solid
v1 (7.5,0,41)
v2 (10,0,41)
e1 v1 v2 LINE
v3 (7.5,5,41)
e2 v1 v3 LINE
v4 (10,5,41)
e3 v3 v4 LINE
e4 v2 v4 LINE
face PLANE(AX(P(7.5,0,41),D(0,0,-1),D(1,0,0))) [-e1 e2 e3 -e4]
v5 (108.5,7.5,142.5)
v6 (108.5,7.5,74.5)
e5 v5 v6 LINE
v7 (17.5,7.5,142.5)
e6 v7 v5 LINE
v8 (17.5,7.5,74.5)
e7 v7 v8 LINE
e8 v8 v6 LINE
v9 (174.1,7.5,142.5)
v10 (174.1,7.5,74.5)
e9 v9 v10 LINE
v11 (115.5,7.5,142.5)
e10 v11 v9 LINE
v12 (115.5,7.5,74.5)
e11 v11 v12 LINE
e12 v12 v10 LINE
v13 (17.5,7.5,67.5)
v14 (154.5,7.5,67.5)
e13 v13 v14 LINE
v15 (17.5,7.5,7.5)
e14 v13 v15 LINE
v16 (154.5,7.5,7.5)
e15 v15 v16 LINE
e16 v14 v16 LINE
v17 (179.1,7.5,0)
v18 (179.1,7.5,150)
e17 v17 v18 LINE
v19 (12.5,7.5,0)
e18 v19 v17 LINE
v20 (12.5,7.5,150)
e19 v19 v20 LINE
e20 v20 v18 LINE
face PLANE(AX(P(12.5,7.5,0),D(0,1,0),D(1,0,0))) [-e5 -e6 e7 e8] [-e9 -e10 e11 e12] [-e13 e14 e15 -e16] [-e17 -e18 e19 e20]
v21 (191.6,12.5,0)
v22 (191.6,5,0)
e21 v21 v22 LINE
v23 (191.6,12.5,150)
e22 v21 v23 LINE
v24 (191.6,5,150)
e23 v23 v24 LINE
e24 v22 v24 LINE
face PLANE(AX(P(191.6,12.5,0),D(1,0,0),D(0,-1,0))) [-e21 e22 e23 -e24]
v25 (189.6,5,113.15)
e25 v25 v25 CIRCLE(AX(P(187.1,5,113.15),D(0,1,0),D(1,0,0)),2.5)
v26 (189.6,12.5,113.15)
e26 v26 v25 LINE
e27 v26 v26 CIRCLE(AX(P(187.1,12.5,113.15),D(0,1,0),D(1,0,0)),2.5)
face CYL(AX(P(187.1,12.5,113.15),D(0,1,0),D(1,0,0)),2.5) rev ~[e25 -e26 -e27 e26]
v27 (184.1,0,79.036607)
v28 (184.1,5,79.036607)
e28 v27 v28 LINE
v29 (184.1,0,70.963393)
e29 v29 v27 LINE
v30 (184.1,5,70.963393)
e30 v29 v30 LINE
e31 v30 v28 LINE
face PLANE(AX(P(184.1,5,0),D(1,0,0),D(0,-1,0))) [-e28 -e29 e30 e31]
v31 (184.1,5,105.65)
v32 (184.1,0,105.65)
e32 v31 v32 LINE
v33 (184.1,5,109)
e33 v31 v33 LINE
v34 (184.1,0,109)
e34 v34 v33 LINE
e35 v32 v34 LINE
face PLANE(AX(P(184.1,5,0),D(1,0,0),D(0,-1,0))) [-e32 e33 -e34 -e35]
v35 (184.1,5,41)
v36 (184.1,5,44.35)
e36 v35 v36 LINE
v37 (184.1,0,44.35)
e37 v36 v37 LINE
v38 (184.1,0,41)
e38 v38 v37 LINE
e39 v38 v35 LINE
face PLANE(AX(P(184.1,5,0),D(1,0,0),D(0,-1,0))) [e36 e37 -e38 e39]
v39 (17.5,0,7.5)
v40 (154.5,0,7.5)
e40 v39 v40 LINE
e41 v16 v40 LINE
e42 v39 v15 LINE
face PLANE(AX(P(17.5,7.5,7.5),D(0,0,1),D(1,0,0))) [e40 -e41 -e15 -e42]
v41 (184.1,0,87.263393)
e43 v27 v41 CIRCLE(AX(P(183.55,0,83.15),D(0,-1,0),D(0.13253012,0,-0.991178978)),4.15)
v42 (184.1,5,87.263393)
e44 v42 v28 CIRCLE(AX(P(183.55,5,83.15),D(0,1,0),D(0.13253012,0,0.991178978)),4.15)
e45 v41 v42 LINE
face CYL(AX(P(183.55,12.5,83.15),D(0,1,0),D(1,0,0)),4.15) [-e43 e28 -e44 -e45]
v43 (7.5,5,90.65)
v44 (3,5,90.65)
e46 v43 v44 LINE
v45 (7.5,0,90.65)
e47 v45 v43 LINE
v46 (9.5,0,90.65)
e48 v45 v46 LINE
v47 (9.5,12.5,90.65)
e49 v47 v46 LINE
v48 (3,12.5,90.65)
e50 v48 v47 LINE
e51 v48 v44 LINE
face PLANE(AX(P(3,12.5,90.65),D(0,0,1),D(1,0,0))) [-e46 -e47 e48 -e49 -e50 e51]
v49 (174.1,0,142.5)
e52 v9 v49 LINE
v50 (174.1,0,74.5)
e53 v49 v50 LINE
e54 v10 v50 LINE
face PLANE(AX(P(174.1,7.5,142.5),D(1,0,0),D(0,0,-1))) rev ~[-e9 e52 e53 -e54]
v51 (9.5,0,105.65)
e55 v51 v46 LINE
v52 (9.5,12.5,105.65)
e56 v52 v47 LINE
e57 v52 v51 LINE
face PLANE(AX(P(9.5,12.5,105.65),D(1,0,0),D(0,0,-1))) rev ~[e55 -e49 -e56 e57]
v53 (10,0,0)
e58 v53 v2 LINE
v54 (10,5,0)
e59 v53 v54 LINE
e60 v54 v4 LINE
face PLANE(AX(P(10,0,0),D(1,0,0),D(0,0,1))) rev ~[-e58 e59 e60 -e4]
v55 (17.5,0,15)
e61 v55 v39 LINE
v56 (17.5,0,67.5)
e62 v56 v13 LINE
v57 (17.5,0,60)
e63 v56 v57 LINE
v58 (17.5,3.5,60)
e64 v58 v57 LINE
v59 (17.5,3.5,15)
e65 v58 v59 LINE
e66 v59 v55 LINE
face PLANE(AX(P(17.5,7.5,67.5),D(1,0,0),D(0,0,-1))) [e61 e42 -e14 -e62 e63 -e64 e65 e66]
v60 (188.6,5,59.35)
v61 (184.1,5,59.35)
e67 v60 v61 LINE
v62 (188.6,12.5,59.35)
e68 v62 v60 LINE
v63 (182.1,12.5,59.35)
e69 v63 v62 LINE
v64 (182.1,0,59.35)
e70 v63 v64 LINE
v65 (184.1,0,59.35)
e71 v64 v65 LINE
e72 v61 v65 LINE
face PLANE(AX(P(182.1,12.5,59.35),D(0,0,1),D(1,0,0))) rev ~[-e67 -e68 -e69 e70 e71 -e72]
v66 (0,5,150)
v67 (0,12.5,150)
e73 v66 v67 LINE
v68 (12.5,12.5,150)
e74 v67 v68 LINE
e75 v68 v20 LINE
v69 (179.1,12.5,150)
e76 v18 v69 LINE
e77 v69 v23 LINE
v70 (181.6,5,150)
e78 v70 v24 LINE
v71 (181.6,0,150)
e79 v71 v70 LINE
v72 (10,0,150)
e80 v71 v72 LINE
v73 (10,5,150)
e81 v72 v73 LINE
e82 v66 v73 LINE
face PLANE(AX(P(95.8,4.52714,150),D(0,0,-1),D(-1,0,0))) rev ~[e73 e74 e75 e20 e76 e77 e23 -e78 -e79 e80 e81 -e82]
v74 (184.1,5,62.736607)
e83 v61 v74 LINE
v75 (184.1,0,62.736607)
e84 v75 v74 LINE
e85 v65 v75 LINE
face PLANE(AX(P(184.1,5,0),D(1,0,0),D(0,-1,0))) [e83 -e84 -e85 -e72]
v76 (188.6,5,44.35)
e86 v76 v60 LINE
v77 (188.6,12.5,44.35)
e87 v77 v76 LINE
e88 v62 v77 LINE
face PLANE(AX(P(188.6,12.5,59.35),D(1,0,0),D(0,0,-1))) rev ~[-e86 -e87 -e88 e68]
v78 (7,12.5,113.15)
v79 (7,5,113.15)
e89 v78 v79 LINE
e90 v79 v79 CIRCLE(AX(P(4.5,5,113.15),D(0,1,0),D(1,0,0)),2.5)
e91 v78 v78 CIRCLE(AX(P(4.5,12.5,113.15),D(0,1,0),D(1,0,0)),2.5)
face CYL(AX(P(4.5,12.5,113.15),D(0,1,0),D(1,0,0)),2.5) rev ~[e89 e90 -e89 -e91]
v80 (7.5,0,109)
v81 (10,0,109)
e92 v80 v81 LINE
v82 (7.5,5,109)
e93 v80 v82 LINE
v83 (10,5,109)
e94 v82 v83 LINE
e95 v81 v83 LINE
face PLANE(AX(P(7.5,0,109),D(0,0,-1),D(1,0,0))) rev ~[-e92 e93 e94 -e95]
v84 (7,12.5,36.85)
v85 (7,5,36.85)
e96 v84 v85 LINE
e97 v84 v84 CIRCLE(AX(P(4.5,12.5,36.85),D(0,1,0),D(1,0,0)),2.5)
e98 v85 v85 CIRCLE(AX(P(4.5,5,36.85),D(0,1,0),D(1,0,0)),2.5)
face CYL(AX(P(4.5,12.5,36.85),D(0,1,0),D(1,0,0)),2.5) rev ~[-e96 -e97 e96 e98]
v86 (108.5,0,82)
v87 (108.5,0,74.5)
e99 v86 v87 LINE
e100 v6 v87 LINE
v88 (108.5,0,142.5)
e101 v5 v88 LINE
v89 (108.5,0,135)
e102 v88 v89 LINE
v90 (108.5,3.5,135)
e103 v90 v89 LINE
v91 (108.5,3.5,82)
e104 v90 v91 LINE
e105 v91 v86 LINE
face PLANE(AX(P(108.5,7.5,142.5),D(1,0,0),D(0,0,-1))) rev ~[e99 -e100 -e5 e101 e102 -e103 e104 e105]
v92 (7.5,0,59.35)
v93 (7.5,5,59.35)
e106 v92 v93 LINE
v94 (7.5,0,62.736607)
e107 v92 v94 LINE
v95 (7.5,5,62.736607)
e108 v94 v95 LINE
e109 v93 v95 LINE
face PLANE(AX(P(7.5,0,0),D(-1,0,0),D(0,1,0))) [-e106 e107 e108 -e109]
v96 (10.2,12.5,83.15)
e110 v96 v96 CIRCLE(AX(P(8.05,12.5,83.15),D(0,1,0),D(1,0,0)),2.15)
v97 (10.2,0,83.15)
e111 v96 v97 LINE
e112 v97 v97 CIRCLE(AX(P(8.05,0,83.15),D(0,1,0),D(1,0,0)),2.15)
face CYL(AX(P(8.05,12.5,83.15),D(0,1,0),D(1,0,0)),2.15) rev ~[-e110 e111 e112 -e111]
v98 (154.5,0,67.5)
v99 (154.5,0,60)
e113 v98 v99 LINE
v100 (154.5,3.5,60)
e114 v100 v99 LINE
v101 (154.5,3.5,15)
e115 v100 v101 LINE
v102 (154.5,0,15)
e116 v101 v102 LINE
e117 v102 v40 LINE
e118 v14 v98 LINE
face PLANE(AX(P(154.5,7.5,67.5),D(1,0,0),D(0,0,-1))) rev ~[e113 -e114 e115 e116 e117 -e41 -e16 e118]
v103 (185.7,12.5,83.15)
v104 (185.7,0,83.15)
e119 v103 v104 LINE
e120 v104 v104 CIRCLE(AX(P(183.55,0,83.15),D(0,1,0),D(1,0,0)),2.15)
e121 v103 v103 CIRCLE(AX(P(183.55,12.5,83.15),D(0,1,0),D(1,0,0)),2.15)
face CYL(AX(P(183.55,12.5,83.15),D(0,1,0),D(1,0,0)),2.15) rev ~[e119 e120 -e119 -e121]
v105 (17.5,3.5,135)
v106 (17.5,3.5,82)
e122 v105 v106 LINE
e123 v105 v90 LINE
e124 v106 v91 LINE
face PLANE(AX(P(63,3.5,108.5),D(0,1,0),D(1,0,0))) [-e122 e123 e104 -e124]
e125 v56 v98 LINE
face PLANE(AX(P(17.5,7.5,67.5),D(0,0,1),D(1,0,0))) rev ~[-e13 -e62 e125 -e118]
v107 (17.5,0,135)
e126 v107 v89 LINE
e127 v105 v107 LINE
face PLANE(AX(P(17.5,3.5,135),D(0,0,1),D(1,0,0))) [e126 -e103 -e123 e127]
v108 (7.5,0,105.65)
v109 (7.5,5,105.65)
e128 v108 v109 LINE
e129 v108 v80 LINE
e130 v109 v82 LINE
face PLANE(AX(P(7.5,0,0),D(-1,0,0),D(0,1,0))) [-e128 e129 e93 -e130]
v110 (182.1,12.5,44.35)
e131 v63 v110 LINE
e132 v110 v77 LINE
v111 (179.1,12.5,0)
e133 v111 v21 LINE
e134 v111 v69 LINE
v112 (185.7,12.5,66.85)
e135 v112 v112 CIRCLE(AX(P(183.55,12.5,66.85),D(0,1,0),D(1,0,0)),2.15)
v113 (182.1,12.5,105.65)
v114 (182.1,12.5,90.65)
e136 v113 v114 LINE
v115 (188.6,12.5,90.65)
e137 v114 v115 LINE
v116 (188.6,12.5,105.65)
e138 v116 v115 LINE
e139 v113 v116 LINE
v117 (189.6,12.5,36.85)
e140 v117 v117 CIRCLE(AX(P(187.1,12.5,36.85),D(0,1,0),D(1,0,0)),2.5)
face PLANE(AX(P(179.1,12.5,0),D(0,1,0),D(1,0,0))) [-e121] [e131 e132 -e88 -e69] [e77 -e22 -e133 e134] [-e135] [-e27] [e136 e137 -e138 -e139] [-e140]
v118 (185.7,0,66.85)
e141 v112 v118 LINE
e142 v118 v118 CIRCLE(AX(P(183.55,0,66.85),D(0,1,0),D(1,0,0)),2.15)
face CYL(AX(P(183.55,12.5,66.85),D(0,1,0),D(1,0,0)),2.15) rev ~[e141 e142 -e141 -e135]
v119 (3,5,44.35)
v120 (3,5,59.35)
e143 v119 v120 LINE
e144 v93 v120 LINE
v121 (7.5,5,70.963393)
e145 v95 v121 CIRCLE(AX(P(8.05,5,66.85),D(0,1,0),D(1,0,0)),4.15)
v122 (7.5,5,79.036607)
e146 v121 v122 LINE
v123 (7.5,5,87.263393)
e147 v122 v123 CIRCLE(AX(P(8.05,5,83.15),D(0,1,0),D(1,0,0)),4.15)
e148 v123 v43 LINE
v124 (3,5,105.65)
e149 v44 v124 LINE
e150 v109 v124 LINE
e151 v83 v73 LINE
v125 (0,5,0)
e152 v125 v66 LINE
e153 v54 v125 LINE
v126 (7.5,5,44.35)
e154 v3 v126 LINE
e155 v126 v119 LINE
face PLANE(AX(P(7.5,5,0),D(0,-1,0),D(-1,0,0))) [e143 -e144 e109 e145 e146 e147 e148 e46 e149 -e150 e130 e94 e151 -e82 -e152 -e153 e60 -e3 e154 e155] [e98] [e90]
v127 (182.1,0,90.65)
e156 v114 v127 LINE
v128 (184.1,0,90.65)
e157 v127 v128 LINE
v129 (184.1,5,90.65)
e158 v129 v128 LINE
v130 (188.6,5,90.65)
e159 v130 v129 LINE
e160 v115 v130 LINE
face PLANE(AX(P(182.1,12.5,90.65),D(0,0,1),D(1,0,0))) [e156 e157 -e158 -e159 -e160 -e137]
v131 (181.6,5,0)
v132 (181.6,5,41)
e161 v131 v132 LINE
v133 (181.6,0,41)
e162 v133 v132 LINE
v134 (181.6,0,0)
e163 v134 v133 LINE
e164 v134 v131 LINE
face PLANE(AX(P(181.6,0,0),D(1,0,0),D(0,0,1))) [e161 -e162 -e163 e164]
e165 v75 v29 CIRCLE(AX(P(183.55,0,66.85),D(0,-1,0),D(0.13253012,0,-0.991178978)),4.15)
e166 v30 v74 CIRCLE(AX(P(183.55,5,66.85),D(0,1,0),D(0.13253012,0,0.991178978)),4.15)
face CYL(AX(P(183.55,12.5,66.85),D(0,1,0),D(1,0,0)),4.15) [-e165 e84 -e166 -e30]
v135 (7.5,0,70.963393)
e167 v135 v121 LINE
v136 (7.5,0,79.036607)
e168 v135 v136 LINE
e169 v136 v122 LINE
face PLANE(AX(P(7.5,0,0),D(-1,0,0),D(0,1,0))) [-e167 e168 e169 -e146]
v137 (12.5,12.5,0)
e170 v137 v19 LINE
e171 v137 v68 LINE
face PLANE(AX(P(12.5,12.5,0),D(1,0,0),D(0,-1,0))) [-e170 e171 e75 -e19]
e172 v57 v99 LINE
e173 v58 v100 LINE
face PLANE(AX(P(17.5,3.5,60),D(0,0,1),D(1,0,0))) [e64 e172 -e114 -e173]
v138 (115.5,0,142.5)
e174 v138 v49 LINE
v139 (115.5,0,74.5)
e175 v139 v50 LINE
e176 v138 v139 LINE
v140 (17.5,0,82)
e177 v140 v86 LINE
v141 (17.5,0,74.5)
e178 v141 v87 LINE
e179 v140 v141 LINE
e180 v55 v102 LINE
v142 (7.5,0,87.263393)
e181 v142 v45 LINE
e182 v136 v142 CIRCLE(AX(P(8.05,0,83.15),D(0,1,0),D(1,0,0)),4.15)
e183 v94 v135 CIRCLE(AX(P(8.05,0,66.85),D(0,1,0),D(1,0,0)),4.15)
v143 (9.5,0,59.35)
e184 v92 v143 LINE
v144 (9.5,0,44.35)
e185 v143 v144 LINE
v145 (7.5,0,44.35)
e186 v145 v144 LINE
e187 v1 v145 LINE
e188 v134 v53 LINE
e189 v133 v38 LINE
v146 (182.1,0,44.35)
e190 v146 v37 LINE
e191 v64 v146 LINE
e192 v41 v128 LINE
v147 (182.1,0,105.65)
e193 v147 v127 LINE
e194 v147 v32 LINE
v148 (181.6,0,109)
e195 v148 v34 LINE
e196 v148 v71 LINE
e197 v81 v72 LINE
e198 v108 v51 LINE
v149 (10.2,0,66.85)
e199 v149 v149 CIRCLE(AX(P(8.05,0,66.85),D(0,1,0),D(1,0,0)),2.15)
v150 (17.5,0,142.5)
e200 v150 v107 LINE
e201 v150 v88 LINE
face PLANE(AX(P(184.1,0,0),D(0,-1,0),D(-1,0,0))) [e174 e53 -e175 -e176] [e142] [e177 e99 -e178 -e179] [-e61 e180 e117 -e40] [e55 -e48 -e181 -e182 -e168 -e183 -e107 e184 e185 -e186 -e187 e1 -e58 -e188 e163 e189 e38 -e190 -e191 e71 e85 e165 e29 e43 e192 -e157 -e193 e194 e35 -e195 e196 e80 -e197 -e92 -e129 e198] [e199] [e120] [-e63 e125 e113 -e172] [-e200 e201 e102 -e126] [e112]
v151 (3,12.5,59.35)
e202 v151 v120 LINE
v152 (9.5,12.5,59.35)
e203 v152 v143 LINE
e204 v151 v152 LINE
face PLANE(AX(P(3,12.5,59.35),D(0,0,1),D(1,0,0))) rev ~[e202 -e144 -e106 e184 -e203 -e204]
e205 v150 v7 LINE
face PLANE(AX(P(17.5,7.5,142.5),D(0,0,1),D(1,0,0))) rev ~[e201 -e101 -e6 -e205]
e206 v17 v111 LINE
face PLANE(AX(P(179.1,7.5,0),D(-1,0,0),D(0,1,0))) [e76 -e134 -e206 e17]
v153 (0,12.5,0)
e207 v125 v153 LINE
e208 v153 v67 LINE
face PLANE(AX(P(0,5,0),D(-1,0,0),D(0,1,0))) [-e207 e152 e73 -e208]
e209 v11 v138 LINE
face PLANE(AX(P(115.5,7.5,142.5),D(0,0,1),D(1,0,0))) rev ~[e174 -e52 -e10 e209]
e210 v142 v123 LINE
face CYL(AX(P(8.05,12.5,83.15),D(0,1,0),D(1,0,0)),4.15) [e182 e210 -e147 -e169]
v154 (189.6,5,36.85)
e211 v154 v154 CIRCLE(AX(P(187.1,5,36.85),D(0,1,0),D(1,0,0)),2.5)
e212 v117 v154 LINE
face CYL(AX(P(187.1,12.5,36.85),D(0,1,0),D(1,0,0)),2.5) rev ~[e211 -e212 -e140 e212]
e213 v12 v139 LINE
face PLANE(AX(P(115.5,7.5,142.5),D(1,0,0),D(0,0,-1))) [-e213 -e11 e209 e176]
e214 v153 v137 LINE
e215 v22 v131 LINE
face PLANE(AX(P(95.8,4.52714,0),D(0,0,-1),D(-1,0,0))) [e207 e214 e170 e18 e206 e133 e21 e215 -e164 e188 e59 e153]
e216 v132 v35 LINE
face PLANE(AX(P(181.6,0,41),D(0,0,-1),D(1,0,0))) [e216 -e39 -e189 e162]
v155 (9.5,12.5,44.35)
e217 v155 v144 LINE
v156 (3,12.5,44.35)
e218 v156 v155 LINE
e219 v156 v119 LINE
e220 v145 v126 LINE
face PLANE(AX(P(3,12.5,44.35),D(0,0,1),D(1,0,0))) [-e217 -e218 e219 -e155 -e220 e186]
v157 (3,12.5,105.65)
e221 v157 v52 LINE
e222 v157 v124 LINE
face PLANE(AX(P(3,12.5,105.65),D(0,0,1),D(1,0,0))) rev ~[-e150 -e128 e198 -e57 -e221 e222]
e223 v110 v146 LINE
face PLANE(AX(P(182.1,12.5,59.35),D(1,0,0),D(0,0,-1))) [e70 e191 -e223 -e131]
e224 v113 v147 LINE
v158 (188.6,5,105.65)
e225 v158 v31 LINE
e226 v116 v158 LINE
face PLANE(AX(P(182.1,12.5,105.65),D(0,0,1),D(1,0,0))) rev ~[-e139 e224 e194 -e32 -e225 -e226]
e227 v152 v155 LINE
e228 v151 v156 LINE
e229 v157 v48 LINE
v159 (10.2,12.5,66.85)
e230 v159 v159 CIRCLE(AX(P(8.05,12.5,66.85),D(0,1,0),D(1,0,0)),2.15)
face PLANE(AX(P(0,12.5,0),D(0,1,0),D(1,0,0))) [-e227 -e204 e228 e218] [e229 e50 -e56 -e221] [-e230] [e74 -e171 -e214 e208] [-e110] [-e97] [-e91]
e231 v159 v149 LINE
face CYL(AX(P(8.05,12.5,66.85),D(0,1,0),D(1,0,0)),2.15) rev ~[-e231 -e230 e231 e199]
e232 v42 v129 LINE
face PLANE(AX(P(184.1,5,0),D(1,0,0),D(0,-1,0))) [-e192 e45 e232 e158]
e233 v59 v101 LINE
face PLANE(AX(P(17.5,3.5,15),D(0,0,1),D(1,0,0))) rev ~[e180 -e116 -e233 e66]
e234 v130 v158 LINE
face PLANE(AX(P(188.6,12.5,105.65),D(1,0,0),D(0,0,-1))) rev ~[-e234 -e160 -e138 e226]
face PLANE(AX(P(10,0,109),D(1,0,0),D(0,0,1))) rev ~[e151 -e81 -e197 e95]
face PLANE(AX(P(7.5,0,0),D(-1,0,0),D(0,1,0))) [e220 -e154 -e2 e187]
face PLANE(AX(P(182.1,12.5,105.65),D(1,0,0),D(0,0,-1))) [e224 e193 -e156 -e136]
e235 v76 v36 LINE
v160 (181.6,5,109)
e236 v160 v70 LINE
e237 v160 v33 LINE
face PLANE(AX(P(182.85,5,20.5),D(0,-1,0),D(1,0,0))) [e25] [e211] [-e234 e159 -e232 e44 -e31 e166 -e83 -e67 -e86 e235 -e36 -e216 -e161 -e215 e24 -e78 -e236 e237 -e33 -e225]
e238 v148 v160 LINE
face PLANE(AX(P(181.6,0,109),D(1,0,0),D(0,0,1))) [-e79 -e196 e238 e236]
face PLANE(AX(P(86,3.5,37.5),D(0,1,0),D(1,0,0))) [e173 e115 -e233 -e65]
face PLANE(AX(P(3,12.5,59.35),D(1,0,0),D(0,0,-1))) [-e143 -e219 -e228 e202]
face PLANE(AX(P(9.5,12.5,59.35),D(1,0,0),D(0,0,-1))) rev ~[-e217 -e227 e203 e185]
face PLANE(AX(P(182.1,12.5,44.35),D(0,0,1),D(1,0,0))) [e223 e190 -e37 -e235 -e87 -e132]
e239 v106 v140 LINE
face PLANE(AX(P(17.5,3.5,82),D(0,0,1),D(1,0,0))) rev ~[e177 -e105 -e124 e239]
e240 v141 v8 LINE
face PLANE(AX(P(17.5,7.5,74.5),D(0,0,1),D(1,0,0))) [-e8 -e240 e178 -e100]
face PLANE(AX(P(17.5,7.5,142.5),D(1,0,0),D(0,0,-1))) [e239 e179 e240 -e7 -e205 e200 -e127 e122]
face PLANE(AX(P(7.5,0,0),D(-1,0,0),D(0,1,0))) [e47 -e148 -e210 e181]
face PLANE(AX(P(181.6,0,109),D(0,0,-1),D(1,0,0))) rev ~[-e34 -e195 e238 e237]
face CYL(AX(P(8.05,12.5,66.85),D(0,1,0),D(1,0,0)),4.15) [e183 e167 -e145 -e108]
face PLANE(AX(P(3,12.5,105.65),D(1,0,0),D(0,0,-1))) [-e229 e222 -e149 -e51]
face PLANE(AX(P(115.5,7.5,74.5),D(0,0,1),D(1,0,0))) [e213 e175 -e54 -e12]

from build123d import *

# Parameters (mm, degrees)
PLATEFRAME_DEPTH          = 150
SKETCH3_R                 = 2.5
HOLESUPPORT_DEPTH         = 13.5
SKETCH4_R                 = 4.15
SKETCH4_R_2               = 2.15
CYLINDRICALSUPPORTS_DEPTH = 12.5
SKETCH8_W                 = 137
SKETCH8_H                 = 60
SKETCH8_W_2               = 91
SKETCH8_H_2               = 68
ITEMLAYOUT_DEPTH          = 4
SKETCH9_W                 = 58.6
SKETCH9_H                 = 68
HOLECUTOUT_DEPTH          = 7.5
SKETCH10_W                = 91
SKETCH10_H                = 7.5
SKETCH10_W_2              = 137
VELCROCUT_DEPTH           = 3.5
SKETCH11_W                = 6.5
SKETCH11_H                = 15
CUTSHELLHOLES_DEPTH       = 12.5
SKETCH12_R                = 2.5
STANDOFFHOLES_DEPTH       = 13.5
SKETCH13_W                = 2.5
SKETCH13_H                = 41
CUTSTANDOFFROOM_DEPTH     = 5


with BuildPart() as part:
    # Sketch2 → PlateFrame (new body)
    with BuildSketch(Plane.XY):
        Polygon((179.1, 12.5), (191.6, 12.5), (191.6, 5), (184.1, 5), (184.1, 0), (7.5, 0), (7.5, 5), (0, 5), (0, 12.5), (12.5, 12.5), (12.5, 7.5), (179.1, 7.5), align=None)
    extrude(amount=PLATEFRAME_DEPTH)

    # Sketch3 → HoleSupport (cut, through all)
    with BuildSketch(Plane(origin=(0, 12.5, 0), x_dir=(1, 0, 0), z_dir=(0, 1, 0))):
        with Locations((8.05, -66.85)):
            Circle(SKETCH3_R)
        with Locations((8.05, -83.15)):
            Circle(SKETCH3_R)
        with Locations((183.55, -66.85)):
            Circle(SKETCH3_R)
        with Locations((183.55, -83.15)):
            Circle(SKETCH3_R)
    extrude(amount=-HOLESUPPORT_DEPTH, mode=Mode.SUBTRACT)

    # Sketch4 → CylindricalSupports (add)
    with BuildSketch(Plane(origin=(0, 12.5, 0), x_dir=(1, 0, 0), z_dir=(0, 1, 0))):
        with Locations((183.55, -66.85)):
            Circle(SKETCH4_R)
        with Locations((183.55, -66.85)):
            Circle(SKETCH4_R_2, mode=Mode.SUBTRACT)
        with Locations((183.55, -83.15)):
            Circle(SKETCH4_R)
        with Locations((183.55, -83.15)):
            Circle(SKETCH4_R_2, mode=Mode.SUBTRACT)
        with Locations((8.05, -66.85)):
            Circle(SKETCH4_R)
        with Locations((8.05, -66.85)):
            Circle(SKETCH4_R_2, mode=Mode.SUBTRACT)
        with Locations((8.05, -83.15)):
            Circle(SKETCH4_R)
        with Locations((8.05, -83.15)):
            Circle(SKETCH4_R_2, mode=Mode.SUBTRACT)
    extrude(amount=-CYLINDRICALSUPPORTS_DEPTH)

    # Sketch8 → ItemLayout (cut)
    with BuildSketch(Plane(origin=(0, 7.5, 0), x_dir=(1, 0, 0), z_dir=(0, 1, 0))):
        with Locations((86, -37.5)):
            Rectangle(SKETCH8_W, SKETCH8_H)
        with Locations((63, -108.5)):
            Rectangle(SKETCH8_W_2, SKETCH8_H_2)
    extrude(amount=-ITEMLAYOUT_DEPTH, mode=Mode.SUBTRACT)

    # Sketch9 → HoleCutout (cut)
    with BuildSketch(Plane(origin=(0, 7.5, 0), x_dir=(1, 0, 0), z_dir=(0, 1, 0))):
        with Locations((144.8, -108.5)):
            Rectangle(SKETCH9_W, SKETCH9_H)
    extrude(amount=-HOLECUTOUT_DEPTH, mode=Mode.SUBTRACT)

    # Sketch10 → VelcroCut (cut)
    with BuildSketch(Plane(origin=(0, 3.5, 0), x_dir=(1, 0, 0), z_dir=(0, 1, 0))):
        with Locations((63, -78.25)):
            Rectangle(SKETCH10_W, SKETCH10_H)
        with Locations((63, -138.75)):
            Rectangle(SKETCH10_W, SKETCH10_H)
        with Locations((86, -11.25)):
            Rectangle(SKETCH10_W_2, SKETCH10_H)
        with Locations((86, -63.75)):
            Rectangle(SKETCH10_W_2, SKETCH10_H)
    extrude(amount=-VELCROCUT_DEPTH, mode=Mode.SUBTRACT)

    # Sketch11 → CutShellHoles (cut)
    with BuildSketch(Plane(origin=(0, 12.5, 0), x_dir=(1, 0, 0), z_dir=(0, 1, 0))):
        with Locations((6.25, -51.85)):
            Rectangle(SKETCH11_W, SKETCH11_H)
        with Locations((185.35, -51.85)):
            Rectangle(SKETCH11_W, SKETCH11_H)
        with Locations((185.35, -98.15)):
            Rectangle(SKETCH11_W, SKETCH11_H)
        with Locations((6.25, -98.15)):
            Rectangle(SKETCH11_W, SKETCH11_H)
    extrude(amount=-CUTSHELLHOLES_DEPTH, mode=Mode.SUBTRACT)

    # Sketch12 → StandoffHoles (cut, through all)
    with BuildSketch(Plane(origin=(0, 12.5, 0), x_dir=(1, 0, 0), z_dir=(0, 1, 0))):
        with Locations((4.5, -36.85)):
            Circle(SKETCH12_R)
        with Locations((4.5, -113.15)):
            Circle(SKETCH12_R)
        with Locations((187.1, -36.85)):
            Circle(SKETCH12_R)
        with Locations((187.1, -113.15)):
            Circle(SKETCH12_R)
    extrude(amount=-STANDOFFHOLES_DEPTH, mode=Mode.SUBTRACT)

    # Sketch13 → CutStandoffRoom (cut)
    with BuildSketch(Plane.XZ):
        with Locations((8.75, 20.5)):
            Rectangle(SKETCH13_W, SKETCH13_H)
        with Locations((8.75, 129.5)):
            Rectangle(SKETCH13_W, SKETCH13_H)
        with Locations((182.85, 129.5)):
            Rectangle(SKETCH13_W, SKETCH13_H)
        with Locations((182.85, 20.5)):
            Rectangle(SKETCH13_W, SKETCH13_H)
    extrude(amount=-CUTSTANDOFFROOM_DEPTH, mode=Mode.SUBTRACT)


solid = part.part
